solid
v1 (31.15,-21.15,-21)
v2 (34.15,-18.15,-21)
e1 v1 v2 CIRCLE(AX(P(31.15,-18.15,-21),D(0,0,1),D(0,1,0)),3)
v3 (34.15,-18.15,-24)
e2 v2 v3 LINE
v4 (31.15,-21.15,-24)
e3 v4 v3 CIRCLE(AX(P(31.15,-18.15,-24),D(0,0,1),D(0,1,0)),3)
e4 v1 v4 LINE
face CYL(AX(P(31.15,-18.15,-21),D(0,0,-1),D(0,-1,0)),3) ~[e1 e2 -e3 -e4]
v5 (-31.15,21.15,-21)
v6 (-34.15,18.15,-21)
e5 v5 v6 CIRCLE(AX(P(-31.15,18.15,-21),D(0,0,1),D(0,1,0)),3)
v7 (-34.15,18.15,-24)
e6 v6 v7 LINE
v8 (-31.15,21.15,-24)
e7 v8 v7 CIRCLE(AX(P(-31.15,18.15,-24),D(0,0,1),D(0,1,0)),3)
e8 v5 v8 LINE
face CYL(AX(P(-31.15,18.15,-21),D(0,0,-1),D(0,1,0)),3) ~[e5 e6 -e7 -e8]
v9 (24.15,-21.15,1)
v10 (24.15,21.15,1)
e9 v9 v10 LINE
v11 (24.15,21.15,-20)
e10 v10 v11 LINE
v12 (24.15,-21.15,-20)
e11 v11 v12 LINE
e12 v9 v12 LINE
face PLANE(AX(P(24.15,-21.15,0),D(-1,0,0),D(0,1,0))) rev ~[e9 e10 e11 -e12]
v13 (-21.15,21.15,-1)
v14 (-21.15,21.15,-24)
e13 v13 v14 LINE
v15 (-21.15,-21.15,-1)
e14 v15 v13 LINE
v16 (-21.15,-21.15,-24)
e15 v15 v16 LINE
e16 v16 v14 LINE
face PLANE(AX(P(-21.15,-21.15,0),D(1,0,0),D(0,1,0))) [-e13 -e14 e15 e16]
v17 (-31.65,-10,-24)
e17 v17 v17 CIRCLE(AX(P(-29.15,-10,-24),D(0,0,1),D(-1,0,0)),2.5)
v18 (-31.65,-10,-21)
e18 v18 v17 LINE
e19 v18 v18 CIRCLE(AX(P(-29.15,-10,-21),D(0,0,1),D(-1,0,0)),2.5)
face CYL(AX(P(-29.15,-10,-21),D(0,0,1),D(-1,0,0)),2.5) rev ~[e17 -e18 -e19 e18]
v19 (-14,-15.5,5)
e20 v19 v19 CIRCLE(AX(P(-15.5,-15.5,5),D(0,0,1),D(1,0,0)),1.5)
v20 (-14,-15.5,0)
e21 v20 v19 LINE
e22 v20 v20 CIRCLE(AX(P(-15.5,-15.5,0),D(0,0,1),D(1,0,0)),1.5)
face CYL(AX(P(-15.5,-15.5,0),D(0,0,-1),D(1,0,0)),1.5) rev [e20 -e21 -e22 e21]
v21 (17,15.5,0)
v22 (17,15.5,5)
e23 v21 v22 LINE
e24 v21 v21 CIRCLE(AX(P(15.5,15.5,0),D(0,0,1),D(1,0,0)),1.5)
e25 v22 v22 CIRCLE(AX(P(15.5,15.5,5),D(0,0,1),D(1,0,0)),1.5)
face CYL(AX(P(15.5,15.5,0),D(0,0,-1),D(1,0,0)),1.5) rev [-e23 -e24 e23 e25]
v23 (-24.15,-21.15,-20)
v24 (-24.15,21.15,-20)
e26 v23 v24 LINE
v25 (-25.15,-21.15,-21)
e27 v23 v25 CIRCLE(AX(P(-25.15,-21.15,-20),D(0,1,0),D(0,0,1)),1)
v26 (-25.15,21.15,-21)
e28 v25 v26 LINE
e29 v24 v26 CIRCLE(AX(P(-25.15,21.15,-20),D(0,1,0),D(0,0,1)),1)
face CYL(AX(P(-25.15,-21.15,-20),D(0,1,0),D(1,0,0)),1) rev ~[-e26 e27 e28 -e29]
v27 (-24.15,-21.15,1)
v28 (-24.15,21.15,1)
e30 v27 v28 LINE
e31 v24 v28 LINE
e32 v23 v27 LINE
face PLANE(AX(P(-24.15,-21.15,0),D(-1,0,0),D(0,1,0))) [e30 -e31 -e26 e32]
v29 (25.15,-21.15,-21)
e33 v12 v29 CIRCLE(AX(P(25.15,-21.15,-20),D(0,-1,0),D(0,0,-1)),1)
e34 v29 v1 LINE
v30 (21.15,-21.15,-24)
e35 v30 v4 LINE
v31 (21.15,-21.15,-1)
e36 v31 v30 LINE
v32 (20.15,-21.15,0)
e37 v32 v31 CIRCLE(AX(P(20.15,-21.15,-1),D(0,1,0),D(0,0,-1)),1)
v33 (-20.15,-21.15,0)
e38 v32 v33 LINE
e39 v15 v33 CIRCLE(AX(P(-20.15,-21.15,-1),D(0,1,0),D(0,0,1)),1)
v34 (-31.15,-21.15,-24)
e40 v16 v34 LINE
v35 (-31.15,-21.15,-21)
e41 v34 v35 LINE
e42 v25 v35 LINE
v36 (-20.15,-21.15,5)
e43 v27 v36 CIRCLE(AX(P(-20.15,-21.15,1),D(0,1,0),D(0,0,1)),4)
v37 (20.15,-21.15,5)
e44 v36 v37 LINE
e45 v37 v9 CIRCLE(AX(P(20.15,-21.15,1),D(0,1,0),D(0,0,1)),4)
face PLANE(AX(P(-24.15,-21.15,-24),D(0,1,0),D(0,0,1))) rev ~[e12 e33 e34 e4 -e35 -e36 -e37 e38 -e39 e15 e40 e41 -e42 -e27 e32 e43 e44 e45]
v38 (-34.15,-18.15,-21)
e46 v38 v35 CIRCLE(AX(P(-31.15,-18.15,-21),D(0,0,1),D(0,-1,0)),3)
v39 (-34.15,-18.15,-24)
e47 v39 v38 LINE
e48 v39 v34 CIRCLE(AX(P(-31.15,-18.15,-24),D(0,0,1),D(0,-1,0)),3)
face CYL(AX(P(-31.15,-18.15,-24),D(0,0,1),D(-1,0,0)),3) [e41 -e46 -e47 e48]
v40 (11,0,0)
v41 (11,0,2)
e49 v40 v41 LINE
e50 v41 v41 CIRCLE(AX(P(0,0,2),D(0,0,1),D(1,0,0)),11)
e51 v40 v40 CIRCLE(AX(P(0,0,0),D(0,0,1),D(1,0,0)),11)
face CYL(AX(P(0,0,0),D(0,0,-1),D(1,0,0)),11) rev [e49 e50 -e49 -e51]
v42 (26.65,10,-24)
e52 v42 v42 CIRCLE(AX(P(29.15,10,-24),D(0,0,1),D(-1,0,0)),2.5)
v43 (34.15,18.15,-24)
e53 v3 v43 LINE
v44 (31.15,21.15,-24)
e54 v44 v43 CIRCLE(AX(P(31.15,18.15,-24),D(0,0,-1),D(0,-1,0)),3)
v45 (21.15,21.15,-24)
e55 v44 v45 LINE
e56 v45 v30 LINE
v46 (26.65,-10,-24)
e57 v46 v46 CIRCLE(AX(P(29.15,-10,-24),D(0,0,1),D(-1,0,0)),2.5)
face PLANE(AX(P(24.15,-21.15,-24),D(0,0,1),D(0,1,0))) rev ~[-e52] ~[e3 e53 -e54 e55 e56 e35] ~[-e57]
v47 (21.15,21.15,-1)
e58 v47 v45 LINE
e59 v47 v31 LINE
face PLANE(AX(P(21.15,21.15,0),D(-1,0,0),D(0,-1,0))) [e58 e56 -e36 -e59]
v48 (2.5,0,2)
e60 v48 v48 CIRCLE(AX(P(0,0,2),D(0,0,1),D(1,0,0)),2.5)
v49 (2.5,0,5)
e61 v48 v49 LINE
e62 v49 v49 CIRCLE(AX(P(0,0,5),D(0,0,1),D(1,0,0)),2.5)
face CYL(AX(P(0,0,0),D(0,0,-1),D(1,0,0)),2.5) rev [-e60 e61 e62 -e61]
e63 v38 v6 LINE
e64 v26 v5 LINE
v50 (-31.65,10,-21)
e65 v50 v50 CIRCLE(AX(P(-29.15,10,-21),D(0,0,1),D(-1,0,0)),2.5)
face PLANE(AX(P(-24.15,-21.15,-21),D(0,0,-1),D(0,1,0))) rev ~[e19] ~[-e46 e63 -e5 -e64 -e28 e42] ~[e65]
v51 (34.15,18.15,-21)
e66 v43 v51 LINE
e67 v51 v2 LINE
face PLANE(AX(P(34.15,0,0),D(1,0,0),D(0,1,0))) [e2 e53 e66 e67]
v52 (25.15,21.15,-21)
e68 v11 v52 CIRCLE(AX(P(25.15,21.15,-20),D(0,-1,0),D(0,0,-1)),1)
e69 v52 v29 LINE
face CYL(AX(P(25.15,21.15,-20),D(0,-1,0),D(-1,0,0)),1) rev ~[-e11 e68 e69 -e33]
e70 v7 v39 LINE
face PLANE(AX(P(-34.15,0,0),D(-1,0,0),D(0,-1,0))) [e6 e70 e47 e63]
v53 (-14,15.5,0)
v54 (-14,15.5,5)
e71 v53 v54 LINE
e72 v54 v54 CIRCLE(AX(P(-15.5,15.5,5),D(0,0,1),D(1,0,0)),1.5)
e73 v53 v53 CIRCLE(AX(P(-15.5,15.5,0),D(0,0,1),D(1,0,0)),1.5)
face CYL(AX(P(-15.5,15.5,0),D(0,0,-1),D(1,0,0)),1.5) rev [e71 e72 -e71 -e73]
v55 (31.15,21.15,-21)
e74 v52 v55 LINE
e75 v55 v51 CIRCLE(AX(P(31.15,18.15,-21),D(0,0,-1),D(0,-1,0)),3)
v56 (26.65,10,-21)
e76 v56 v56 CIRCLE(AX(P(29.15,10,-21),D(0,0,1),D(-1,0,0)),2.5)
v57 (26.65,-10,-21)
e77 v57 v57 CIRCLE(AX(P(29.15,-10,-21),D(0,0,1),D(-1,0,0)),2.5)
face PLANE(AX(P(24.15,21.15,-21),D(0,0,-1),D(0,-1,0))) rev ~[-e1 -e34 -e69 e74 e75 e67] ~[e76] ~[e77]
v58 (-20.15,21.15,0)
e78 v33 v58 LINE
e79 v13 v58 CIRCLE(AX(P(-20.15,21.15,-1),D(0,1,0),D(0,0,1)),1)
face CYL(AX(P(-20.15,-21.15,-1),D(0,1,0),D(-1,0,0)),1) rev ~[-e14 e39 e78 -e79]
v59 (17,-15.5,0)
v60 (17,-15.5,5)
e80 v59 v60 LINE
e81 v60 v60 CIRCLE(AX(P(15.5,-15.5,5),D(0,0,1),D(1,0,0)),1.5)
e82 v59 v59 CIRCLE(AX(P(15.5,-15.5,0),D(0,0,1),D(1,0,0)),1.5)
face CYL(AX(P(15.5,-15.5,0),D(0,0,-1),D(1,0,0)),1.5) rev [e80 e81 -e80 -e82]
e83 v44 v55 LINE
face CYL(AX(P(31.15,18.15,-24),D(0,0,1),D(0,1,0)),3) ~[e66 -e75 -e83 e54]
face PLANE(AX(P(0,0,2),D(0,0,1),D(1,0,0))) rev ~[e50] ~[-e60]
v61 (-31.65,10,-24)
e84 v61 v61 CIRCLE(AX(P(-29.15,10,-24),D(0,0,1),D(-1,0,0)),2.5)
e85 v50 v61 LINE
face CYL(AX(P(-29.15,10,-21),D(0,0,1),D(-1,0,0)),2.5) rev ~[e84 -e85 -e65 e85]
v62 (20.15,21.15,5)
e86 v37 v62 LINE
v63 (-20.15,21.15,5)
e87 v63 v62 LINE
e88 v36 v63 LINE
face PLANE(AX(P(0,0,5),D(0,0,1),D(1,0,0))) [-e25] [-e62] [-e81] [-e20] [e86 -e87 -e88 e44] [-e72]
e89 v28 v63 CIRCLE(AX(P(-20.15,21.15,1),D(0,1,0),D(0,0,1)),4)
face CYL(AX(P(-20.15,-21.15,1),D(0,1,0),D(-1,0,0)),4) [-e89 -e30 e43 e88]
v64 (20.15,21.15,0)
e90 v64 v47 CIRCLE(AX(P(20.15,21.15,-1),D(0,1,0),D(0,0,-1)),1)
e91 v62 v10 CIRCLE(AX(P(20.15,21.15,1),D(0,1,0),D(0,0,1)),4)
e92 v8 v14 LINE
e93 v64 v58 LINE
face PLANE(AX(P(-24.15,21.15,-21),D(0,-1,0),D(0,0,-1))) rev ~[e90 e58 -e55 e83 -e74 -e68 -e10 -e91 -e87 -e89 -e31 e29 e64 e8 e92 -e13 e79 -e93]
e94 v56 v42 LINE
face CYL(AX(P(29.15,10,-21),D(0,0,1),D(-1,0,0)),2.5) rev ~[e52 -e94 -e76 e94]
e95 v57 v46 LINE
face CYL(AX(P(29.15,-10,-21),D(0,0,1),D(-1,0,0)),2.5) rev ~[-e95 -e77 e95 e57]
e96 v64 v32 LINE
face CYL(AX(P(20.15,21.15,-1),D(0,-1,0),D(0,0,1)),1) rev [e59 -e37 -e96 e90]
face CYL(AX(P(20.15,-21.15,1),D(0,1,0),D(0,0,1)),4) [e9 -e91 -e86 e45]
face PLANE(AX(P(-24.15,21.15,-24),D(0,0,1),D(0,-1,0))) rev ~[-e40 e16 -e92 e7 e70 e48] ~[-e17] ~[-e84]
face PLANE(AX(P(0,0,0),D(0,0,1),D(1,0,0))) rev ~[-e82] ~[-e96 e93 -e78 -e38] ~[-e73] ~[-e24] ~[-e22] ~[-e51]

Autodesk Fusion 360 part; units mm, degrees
sketch "Sketch1" plane through (0, 0, 0) normal (0, 0, 1) x (1, 0, 0)
  line L0 (-21.15, 21.15) -> (21.15, 21.15)
  line L1 (21.15, 21.15) -> (21.15, -21.15)
  line L2 (21.15, -21.15) -> (-21.15, -21.15)
  line L3 (-21.15, -21.15) -> (-21.15, 21.15)
  line L4 (-21.15, 21.15) -> (21.15, -21.15) construction
  line L5 (21.15, 21.15) -> (-21.15, -21.15) construction
  line L6 (-15.5, 15.5) -> (15.5, 15.5) construction
  line L7 (15.5, 15.5) -> (15.5, -15.5) construction
  line L8 (15.5, -15.5) -> (-15.5, -15.5) construction
  line L9 (-15.5, -15.5) -> (-15.5, 15.5) construction
  line L10 (-15.5, 15.5) -> (15.5, -15.5) construction
  line L11 (15.5, 15.5) -> (-15.5, -15.5) construction
  circle A0 centre (-15.5, 15.5) radius 1.5
  circle A1 centre (-15.5, -15.5) radius 1.5
  circle A2 centre (15.5, -15.5) radius 1.5
  circle A3 centre (15.5, 15.5) radius 1.5
  circle A4 centre (0, 0) radius 2.5
  circle A5 centre (0, 0) radius 11
  line L12 (-21.15, -21.15) -> (-24.15, -21.15)
  line L13 (-24.15, -21.15) -> (-24.15, 21.15)
  line L14 (-24.15, 21.15) -> (-21.15, 21.15)
  line L15 (-21.15, 21.15) -> (-21.15, -21.15)
  line L16 (21.15, -21.15) -> (24.15, -21.15)
  line L17 (24.15, -21.15) -> (24.15, 21.15)
  line L18 (24.15, 21.15) -> (21.15, 21.15)
  line L19 (21.15, 21.15) -> (21.15, -21.15)
  dimension "d1" = 42.3
  dimension "d2" = 42.3
  dimension "d5" = 31
  dimension "d6" = 31
  dimension "d8" = 3
  dimension "d10" = 360
  dimension "d12" = 5
  dimension "d14" = 22
  dimension "d17" = 3
  dimension "d18" = 42.3
  dimension "d19" = 3
  dimension "d20" = 42.3
extrude "Extrude1" add sketch "Sketch1" along normal blind 5 contours L0 L1 L2 L3 L15 L19 | L3 L12 L13 L14 L15 | L1 L16 L17 L18 L19 | A5
extrude "Extrude2" add sketch "Sketch1" against normal blind 24 contours L3 L12 L13 L14 L15 | L1 L16 L17 L18 L19
extrude "Extrude3" cut sketch "Sketch1" along normal blind 2 contours A5
sketch "Sketch2" plane through (24.15, 0, 0) normal (1, 0, 0) x (0, 1, 0)
  line L0 (-21.15, 5) -> (-21.15, -24)
  line L1 (-21.15, -24) -> (21.15, -24)
  line L2 (21.15, -24) -> (21.15, 5)
  line L3 (-21.15, -24) -> (21.15, -24)
  line L4 (21.15, -24) -> (21.15, -21)
  line L5 (21.15, -21) -> (-21.15, -21)
  line L6 (-21.15, -21) -> (-21.15, -24)
  line L7 (21.15, 5) -> (-21.15, 5)
  dimension "d28" = 42.3
  dimension "d29" = 3
extrude "Extrude4" add sketch "Sketch2" along normal blind 10 contours L0 L1 L2 L3 L4 L5 L6
sketch "Sketch3" plane through (-24.15, 0, 0) normal (-1, 0, 0) x (0, -1, 0)
  line L0 (21.15, -24) -> (21.15, 5)
  line L1 (21.15, 5) -> (-21.15, 5)
  line L2 (-21.15, 5) -> (-21.15, -24)
  line L3 (-21.15, -24) -> (21.15, -24)
  line L4 (-21.15, -24) -> (21.15, -24)
  line L5 (21.15, -24) -> (21.15, -21)
  line L6 (21.15, -21) -> (-21.15, -21)
  line L7 (-21.15, -21) -> (-21.15, -24)
  dimension "d32" = 42.3
  dimension "d33" = 3
extrude "Extrude5" add sketch "Sketch3" along normal blind 10 contours L0 L2 L3 L4 L5 L6 L7
sketch "Sketch4" plane through (0, 0, -21) normal (0, 0, 1) x (-1, 0, 0)
  line L0 (24.15, 21.15) -> (24.15, -21.15)
  line L1 (24.15, -21.15) -> (34.15, -21.15)
  line L2 (34.15, -21.15) -> (34.15, 21.15)
  line L3 (34.15, 21.15) -> (24.15, 21.15)
  line L4 (24.15, 0) -> (34.15, 0) construction
  line L5 (29.15, 0) -> (29.15, 10) construction
  circle A0 centre (29.15, 10) radius 2.5
  circle A1 centre (29.15, -10) radius 2.5
  dimension "d36" = 10
  dimension "d38" = 5
extrude "Extrude6" cut sketch "Sketch4" against normal blind 3 contours A0 | A1
sketch "Sketch5" plane through (0, 0, -21) normal (0, 0, 1) x (-1, 0, 0)
  line L0 (-24.15, -21.15) -> (-24.15, 21.15)
  line L1 (-24.15, 21.15) -> (-34.15, 21.15)
  line L2 (-34.15, 21.15) -> (-34.15, -21.15)
  line L3 (-34.15, -21.15) -> (-24.15, -21.15)
  line L4 (-34.15, 0) -> (-24.15, 0) construction
  line L5 (-29.15, 0) -> (-29.15, 10) construction
  circle A0 centre (-29.15, 10) radius 2.5
  circle A1 centre (-29.15, -10) radius 2.5
  dimension "d41" = 10
  dimension "d42" = 5
extrude "Extrude7" cut sketch "Sketch5" against normal blind 3 contours A0 | A1
fillet "Fillet1" radius 3 4 edges at (34.15, 21.15, -22.5) (34.15, -21.15, -22.5) (-34.15, 21.15, -22.5) (-34.15, -21.15, -22.5)
fillet "Fillet2" radius 4 2 edges at (24.15, 0, 5) (-24.15, 0, 5)
fillet "Fillet3" radius 1 2 edges at (21.15, 0, 0) (-21.15, 0, 0)
fillet "Fillet3" radius 1 2 edges at (24.15, 0, -21) (-24.15, 0, -21)
equation "d1 = nema_l"
equation "d2 = nema_l"
equation "nema_l = 42.3 mm"
equation "nema_spacing = 31 mm"
equation "d5 = nema_spacing"
equation "d6 = nema_spacing"
equation "nema_hole = 3 mm"
equation "d8 = nema_hole"
equation "nema_shaft = 5 mm"
equation "d12 = nema_shaft"
equation "nema_disc = 22 mm"
equation "d14 = nema_disc"
equation "thick_vert = 3 mm"
equation "thick_hori = 3 mm"
equation "d17 = thick_vert"
equation "d18 = nema_l"
equation "d19 = thick_vert"
equation "d20 = nema_l"
equation "d21 = 2 mm + thick_hori"
equation "height = 24 mm"
equation "d24 = -( height )"
equation "d28 = nema_l"
equation "d29 = thick_hori"
equation "d32 = nema_l"
equation "d33 = thick_hori"
equation "alu_hole = 5 mm"
equation "d38 = alu_hole"
equation "d39 = -thick_hori"
equation "d42 = alu_hole"
equation "d43 = -thick_hori"
